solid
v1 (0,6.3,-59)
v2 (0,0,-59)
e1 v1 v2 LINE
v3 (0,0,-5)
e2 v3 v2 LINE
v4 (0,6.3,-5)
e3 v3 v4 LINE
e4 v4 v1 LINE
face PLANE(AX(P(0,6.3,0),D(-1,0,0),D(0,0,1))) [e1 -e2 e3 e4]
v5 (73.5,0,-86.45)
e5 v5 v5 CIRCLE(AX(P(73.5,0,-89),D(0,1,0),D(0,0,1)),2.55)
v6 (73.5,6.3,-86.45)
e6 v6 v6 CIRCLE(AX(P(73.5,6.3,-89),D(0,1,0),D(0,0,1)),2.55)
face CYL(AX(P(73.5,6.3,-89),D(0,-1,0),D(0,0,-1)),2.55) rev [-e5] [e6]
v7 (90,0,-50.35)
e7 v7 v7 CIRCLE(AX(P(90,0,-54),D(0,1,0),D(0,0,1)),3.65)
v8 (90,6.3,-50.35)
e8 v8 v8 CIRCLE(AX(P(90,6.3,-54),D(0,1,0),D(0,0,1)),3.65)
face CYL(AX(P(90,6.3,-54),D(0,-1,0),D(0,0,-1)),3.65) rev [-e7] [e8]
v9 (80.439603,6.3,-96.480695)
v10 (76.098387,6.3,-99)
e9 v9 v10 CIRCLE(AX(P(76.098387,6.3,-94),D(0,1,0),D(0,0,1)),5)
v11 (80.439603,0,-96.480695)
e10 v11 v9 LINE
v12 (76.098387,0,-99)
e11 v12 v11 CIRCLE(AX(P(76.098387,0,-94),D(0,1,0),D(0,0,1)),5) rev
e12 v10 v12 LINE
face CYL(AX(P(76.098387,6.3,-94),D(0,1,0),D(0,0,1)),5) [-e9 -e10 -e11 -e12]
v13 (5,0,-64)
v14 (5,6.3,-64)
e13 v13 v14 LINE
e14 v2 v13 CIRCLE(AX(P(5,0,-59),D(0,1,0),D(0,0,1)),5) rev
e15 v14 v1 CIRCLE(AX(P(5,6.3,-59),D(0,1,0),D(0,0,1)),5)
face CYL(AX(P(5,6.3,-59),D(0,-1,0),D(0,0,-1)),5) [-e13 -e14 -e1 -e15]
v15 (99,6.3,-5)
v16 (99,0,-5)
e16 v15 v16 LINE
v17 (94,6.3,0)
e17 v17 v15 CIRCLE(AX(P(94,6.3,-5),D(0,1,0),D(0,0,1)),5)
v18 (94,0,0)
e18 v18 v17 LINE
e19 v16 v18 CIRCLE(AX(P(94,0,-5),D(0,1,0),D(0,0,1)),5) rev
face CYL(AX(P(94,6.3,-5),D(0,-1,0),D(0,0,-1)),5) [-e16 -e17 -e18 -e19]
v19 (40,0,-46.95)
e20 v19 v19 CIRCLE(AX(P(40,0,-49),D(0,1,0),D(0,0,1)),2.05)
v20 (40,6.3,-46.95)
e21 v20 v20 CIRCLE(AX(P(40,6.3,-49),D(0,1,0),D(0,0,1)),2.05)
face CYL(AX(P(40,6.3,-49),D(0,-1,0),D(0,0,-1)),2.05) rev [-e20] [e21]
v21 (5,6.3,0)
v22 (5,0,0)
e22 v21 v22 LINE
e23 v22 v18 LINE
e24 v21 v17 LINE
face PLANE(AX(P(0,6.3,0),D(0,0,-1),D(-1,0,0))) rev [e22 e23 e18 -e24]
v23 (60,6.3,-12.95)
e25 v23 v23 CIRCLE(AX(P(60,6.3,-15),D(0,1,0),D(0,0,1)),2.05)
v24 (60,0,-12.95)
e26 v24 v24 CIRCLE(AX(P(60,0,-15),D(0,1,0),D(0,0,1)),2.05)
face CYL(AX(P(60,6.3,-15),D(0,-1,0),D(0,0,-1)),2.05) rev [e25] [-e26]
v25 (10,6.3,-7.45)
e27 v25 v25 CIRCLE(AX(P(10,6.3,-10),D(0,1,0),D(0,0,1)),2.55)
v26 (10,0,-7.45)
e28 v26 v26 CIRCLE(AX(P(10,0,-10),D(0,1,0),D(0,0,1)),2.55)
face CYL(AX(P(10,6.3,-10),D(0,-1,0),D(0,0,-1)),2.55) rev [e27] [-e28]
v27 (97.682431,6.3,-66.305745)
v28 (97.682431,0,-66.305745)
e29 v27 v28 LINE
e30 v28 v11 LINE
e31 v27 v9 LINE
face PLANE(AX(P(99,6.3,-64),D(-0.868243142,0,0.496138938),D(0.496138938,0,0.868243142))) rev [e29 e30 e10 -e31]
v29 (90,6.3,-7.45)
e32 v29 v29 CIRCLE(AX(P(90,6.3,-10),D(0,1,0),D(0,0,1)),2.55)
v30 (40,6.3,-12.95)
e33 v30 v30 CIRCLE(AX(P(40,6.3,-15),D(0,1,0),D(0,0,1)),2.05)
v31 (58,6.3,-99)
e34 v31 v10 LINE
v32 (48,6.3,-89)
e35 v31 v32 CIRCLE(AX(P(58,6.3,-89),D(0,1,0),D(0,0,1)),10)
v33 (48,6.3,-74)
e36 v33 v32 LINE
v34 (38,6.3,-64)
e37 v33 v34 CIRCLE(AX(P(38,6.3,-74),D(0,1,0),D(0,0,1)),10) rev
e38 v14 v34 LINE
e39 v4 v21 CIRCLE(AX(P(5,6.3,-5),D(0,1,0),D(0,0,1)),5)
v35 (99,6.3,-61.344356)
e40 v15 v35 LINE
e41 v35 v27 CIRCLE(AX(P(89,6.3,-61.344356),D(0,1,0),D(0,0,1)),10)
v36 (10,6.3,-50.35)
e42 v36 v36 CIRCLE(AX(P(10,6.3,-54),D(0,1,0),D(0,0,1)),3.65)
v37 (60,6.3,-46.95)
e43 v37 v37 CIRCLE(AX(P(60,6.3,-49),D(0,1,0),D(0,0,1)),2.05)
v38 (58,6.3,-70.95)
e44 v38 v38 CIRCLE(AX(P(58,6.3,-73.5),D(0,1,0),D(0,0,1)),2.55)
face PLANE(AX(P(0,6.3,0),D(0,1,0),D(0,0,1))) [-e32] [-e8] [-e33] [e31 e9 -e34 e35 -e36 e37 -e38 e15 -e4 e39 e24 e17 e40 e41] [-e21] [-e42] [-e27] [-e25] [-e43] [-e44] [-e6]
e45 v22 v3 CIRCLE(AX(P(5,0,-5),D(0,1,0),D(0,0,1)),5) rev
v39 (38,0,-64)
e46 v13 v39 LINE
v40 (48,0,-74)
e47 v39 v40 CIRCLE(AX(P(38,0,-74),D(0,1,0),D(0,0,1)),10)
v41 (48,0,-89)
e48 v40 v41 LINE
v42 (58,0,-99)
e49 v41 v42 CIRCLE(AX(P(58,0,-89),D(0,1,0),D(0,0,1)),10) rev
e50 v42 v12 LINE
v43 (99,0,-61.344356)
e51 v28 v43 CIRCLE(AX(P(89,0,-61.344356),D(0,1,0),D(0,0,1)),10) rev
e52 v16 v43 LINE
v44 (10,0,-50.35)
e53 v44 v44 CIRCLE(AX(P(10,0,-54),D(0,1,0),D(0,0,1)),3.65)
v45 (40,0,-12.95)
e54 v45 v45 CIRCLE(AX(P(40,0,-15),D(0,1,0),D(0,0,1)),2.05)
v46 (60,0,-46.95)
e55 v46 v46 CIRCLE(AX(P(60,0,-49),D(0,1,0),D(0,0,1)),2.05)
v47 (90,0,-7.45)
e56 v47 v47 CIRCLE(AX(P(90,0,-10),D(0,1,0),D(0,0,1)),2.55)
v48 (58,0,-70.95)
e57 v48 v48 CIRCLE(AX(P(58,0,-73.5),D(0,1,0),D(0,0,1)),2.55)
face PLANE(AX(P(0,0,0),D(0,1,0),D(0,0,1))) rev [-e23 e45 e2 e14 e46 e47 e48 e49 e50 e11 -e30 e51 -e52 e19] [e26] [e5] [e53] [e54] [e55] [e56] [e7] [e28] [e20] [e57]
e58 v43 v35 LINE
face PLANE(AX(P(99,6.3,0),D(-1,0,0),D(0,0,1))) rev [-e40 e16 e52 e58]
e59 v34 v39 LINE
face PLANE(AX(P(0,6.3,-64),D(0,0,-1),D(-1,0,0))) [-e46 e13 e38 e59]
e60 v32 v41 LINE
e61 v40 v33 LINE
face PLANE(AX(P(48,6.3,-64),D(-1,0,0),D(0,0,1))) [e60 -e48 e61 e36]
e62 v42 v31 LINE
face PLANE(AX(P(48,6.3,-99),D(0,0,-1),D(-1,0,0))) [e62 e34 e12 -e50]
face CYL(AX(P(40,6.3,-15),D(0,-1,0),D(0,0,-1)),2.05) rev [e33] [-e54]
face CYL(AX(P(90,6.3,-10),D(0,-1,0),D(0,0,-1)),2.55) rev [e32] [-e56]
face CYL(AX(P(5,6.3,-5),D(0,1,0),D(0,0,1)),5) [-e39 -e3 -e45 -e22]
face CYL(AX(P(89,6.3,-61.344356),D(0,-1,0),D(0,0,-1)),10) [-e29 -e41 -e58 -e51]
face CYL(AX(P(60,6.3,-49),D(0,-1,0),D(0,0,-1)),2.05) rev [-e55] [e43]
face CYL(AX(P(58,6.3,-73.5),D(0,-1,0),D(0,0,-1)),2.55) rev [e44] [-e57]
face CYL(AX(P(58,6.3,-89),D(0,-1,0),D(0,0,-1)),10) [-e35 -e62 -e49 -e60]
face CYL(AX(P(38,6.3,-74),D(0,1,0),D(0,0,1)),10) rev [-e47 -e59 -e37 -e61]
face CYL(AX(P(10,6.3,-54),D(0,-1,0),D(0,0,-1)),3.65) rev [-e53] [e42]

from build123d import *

# Parameters (mm, degrees)
BOSS_EXTRUDE2_DEPTH = 6.3
SKETCH1_7_R         = 2.55
CUT_EXTRUDE3_DEPTH  = 141.148813766
SKETCH1_8_R         = 3.65
CUT_EXTRUDE4_DEPTH  = 141.148813766
SKETCH1_9_R         = 2.55
CUT_EXTRUDE5_DEPTH  = 141.148813766
SKETCH1_10_R        = 3.65
CUT_EXTRUDE6_DEPTH  = 141.148813766
SKETCH1_11_R        = 2.05
CUT_EXTRUDE8_DEPTH  = 141.148813766
SKETCH1_12_R        = 2.05
CUT_EXTRUDE10_DEPTH = 141.148813766
SKETCH1_13_R        = 2.55
CUT_EXTRUDE11_DEPTH = 141.148813766
SKETCH1_14_R        = 2.05
CUT_EXTRUDE12_DEPTH = 141.148813766
SKETCH1_15_R        = 2.05
CUT_EXTRUDE13_DEPTH = 141.148813766
SKETCH1_16_R        = 2.55
CUT_EXTRUDE14_DEPTH = 141.148813766
FILLET1_R           = 5
FILLET2_R           = 5
FILLET3_R           = 10
FILLET4_R           = 10
FILLET5_R           = 10


with BuildPart() as part:
    # Sketch1 → Boss-Extrude2 (new body)
    with BuildSketch(Plane(origin=(0, 0, 0), x_dir=(1, 0, 0), z_dir=(0, 1, 0))):
        Polygon((0, 64), (48, 64), (48, 99), (79, 99), (99, 64), (99, 0), (0, 0), align=None)
    extrude(amount=BOSS_EXTRUDE2_DEPTH)

    # Sketch1<7> → Cut-Extrude3 (cut, through all)
    with BuildSketch(Plane(origin=(0, 0, 0), x_dir=(1, 0, 0), z_dir=(0, 1, 0))):
        with Locations((73.5, 89)):
            Circle(SKETCH1_7_R)
    extrude(amount=CUT_EXTRUDE3_DEPTH, mode=Mode.SUBTRACT)

    # Sketch1<8> → Cut-Extrude4 (cut, through all)
    with BuildSketch(Plane(origin=(0, 0, 0), x_dir=(1, 0, 0), z_dir=(0, 1, 0))):
        with Locations((90, 54)):
            Circle(SKETCH1_8_R)
    extrude(amount=CUT_EXTRUDE4_DEPTH, mode=Mode.SUBTRACT)

    # Sketch1<9> → Cut-Extrude5 (cut, through all)
    with BuildSketch(Plane(origin=(0, 0, 0), x_dir=(1, 0, 0), z_dir=(0, 1, 0))):
        with Locations((58, 73.5)):
            Circle(SKETCH1_9_R)
    extrude(amount=CUT_EXTRUDE5_DEPTH, mode=Mode.SUBTRACT)

    # Sketch1<10> → Cut-Extrude6 (cut, through all)
    with BuildSketch(Plane(origin=(0, 0, 0), x_dir=(1, 0, 0), z_dir=(0, 1, 0))):
        with Locations((10, 54)):
            Circle(SKETCH1_10_R)
    extrude(amount=CUT_EXTRUDE6_DEPTH, mode=Mode.SUBTRACT)

    # Sketch1<11> → Cut-Extrude8 (cut, through all)
    with BuildSketch(Plane(origin=(0, 0, 0), x_dir=(1, 0, 0), z_dir=(0, 1, 0))):
        with Locations((60, 49)):
            Circle(SKETCH1_11_R)
    extrude(amount=CUT_EXTRUDE8_DEPTH, mode=Mode.SUBTRACT)

    # Sketch1<12> → Cut-Extrude10 (cut, through all)
    with BuildSketch(Plane(origin=(0, 0, 0), x_dir=(1, 0, 0), z_dir=(0, 1, 0))):
        with Locations((40, 49)):
            Circle(SKETCH1_12_R)
    extrude(amount=CUT_EXTRUDE10_DEPTH, mode=Mode.SUBTRACT)

    # Sketch1<13> → Cut-Extrude11 (cut, through all)
    with BuildSketch(Plane(origin=(0, 0, 0), x_dir=(1, 0, 0), z_dir=(0, 1, 0))):
        with Locations((90, 10)):
            Circle(SKETCH1_13_R)
    extrude(amount=CUT_EXTRUDE11_DEPTH, mode=Mode.SUBTRACT)

    # Sketch1<14> → Cut-Extrude12 (cut, through all)
    with BuildSketch(Plane(origin=(0, 0, 0), x_dir=(1, 0, 0), z_dir=(0, 1, 0))):
        with Locations((60, 15)):
            Circle(SKETCH1_14_R)
    extrude(amount=CUT_EXTRUDE12_DEPTH, mode=Mode.SUBTRACT)

    # Sketch1<15> → Cut-Extrude13 (cut, through all)
    with BuildSketch(Plane(origin=(0, 0, 0), x_dir=(1, 0, 0), z_dir=(0, 1, 0))):
        with Locations((40, 15)):
            Circle(SKETCH1_15_R)
    extrude(amount=CUT_EXTRUDE13_DEPTH, mode=Mode.SUBTRACT)

    # Sketch1<16> → Cut-Extrude14 (cut, through all)
    with BuildSketch(Plane(origin=(0, 0, 0), x_dir=(1, 0, 0), z_dir=(0, 1, 0))):
        with Locations((10, 10)):
            Circle(SKETCH1_16_R)
    extrude(amount=CUT_EXTRUDE14_DEPTH, mode=Mode.SUBTRACT)

    # Fillet1
    fillet1_edges = [part.edges().sort_by_distance(p)[0] for p in [
        (0, 3.15, -64),
        (0, 3.15, 0),
        (99, 3.15, 0),
    ]]
    fillet(fillet1_edges, radius=FILLET1_R)

    # Fillet2
    fillet2_edges = [part.edges().sort_by_distance(p)[0] for p in [
        (79, 3.15, -99),
    ]]
    fillet(fillet2_edges, radius=FILLET2_R)

    # Fillet3
    fillet3_edges = [part.edges().sort_by_distance(p)[0] for p in [
        (48, 3.15, -99),
    ]]
    fillet(fillet3_edges, radius=FILLET3_R)

    # Fillet4
    fillet4_edges = [part.edges().sort_by_distance(p)[0] for p in [
        (99, 3.15, -64),
    ]]
    fillet(fillet4_edges, radius=FILLET4_R)

    # Fillet5
    fillet5_edges = [part.edges().sort_by_distance(p)[0] for p in [
        (48, 3.15, -64),
    ]]
    fillet(fillet5_edges, radius=FILLET5_R)


solid = part.part
